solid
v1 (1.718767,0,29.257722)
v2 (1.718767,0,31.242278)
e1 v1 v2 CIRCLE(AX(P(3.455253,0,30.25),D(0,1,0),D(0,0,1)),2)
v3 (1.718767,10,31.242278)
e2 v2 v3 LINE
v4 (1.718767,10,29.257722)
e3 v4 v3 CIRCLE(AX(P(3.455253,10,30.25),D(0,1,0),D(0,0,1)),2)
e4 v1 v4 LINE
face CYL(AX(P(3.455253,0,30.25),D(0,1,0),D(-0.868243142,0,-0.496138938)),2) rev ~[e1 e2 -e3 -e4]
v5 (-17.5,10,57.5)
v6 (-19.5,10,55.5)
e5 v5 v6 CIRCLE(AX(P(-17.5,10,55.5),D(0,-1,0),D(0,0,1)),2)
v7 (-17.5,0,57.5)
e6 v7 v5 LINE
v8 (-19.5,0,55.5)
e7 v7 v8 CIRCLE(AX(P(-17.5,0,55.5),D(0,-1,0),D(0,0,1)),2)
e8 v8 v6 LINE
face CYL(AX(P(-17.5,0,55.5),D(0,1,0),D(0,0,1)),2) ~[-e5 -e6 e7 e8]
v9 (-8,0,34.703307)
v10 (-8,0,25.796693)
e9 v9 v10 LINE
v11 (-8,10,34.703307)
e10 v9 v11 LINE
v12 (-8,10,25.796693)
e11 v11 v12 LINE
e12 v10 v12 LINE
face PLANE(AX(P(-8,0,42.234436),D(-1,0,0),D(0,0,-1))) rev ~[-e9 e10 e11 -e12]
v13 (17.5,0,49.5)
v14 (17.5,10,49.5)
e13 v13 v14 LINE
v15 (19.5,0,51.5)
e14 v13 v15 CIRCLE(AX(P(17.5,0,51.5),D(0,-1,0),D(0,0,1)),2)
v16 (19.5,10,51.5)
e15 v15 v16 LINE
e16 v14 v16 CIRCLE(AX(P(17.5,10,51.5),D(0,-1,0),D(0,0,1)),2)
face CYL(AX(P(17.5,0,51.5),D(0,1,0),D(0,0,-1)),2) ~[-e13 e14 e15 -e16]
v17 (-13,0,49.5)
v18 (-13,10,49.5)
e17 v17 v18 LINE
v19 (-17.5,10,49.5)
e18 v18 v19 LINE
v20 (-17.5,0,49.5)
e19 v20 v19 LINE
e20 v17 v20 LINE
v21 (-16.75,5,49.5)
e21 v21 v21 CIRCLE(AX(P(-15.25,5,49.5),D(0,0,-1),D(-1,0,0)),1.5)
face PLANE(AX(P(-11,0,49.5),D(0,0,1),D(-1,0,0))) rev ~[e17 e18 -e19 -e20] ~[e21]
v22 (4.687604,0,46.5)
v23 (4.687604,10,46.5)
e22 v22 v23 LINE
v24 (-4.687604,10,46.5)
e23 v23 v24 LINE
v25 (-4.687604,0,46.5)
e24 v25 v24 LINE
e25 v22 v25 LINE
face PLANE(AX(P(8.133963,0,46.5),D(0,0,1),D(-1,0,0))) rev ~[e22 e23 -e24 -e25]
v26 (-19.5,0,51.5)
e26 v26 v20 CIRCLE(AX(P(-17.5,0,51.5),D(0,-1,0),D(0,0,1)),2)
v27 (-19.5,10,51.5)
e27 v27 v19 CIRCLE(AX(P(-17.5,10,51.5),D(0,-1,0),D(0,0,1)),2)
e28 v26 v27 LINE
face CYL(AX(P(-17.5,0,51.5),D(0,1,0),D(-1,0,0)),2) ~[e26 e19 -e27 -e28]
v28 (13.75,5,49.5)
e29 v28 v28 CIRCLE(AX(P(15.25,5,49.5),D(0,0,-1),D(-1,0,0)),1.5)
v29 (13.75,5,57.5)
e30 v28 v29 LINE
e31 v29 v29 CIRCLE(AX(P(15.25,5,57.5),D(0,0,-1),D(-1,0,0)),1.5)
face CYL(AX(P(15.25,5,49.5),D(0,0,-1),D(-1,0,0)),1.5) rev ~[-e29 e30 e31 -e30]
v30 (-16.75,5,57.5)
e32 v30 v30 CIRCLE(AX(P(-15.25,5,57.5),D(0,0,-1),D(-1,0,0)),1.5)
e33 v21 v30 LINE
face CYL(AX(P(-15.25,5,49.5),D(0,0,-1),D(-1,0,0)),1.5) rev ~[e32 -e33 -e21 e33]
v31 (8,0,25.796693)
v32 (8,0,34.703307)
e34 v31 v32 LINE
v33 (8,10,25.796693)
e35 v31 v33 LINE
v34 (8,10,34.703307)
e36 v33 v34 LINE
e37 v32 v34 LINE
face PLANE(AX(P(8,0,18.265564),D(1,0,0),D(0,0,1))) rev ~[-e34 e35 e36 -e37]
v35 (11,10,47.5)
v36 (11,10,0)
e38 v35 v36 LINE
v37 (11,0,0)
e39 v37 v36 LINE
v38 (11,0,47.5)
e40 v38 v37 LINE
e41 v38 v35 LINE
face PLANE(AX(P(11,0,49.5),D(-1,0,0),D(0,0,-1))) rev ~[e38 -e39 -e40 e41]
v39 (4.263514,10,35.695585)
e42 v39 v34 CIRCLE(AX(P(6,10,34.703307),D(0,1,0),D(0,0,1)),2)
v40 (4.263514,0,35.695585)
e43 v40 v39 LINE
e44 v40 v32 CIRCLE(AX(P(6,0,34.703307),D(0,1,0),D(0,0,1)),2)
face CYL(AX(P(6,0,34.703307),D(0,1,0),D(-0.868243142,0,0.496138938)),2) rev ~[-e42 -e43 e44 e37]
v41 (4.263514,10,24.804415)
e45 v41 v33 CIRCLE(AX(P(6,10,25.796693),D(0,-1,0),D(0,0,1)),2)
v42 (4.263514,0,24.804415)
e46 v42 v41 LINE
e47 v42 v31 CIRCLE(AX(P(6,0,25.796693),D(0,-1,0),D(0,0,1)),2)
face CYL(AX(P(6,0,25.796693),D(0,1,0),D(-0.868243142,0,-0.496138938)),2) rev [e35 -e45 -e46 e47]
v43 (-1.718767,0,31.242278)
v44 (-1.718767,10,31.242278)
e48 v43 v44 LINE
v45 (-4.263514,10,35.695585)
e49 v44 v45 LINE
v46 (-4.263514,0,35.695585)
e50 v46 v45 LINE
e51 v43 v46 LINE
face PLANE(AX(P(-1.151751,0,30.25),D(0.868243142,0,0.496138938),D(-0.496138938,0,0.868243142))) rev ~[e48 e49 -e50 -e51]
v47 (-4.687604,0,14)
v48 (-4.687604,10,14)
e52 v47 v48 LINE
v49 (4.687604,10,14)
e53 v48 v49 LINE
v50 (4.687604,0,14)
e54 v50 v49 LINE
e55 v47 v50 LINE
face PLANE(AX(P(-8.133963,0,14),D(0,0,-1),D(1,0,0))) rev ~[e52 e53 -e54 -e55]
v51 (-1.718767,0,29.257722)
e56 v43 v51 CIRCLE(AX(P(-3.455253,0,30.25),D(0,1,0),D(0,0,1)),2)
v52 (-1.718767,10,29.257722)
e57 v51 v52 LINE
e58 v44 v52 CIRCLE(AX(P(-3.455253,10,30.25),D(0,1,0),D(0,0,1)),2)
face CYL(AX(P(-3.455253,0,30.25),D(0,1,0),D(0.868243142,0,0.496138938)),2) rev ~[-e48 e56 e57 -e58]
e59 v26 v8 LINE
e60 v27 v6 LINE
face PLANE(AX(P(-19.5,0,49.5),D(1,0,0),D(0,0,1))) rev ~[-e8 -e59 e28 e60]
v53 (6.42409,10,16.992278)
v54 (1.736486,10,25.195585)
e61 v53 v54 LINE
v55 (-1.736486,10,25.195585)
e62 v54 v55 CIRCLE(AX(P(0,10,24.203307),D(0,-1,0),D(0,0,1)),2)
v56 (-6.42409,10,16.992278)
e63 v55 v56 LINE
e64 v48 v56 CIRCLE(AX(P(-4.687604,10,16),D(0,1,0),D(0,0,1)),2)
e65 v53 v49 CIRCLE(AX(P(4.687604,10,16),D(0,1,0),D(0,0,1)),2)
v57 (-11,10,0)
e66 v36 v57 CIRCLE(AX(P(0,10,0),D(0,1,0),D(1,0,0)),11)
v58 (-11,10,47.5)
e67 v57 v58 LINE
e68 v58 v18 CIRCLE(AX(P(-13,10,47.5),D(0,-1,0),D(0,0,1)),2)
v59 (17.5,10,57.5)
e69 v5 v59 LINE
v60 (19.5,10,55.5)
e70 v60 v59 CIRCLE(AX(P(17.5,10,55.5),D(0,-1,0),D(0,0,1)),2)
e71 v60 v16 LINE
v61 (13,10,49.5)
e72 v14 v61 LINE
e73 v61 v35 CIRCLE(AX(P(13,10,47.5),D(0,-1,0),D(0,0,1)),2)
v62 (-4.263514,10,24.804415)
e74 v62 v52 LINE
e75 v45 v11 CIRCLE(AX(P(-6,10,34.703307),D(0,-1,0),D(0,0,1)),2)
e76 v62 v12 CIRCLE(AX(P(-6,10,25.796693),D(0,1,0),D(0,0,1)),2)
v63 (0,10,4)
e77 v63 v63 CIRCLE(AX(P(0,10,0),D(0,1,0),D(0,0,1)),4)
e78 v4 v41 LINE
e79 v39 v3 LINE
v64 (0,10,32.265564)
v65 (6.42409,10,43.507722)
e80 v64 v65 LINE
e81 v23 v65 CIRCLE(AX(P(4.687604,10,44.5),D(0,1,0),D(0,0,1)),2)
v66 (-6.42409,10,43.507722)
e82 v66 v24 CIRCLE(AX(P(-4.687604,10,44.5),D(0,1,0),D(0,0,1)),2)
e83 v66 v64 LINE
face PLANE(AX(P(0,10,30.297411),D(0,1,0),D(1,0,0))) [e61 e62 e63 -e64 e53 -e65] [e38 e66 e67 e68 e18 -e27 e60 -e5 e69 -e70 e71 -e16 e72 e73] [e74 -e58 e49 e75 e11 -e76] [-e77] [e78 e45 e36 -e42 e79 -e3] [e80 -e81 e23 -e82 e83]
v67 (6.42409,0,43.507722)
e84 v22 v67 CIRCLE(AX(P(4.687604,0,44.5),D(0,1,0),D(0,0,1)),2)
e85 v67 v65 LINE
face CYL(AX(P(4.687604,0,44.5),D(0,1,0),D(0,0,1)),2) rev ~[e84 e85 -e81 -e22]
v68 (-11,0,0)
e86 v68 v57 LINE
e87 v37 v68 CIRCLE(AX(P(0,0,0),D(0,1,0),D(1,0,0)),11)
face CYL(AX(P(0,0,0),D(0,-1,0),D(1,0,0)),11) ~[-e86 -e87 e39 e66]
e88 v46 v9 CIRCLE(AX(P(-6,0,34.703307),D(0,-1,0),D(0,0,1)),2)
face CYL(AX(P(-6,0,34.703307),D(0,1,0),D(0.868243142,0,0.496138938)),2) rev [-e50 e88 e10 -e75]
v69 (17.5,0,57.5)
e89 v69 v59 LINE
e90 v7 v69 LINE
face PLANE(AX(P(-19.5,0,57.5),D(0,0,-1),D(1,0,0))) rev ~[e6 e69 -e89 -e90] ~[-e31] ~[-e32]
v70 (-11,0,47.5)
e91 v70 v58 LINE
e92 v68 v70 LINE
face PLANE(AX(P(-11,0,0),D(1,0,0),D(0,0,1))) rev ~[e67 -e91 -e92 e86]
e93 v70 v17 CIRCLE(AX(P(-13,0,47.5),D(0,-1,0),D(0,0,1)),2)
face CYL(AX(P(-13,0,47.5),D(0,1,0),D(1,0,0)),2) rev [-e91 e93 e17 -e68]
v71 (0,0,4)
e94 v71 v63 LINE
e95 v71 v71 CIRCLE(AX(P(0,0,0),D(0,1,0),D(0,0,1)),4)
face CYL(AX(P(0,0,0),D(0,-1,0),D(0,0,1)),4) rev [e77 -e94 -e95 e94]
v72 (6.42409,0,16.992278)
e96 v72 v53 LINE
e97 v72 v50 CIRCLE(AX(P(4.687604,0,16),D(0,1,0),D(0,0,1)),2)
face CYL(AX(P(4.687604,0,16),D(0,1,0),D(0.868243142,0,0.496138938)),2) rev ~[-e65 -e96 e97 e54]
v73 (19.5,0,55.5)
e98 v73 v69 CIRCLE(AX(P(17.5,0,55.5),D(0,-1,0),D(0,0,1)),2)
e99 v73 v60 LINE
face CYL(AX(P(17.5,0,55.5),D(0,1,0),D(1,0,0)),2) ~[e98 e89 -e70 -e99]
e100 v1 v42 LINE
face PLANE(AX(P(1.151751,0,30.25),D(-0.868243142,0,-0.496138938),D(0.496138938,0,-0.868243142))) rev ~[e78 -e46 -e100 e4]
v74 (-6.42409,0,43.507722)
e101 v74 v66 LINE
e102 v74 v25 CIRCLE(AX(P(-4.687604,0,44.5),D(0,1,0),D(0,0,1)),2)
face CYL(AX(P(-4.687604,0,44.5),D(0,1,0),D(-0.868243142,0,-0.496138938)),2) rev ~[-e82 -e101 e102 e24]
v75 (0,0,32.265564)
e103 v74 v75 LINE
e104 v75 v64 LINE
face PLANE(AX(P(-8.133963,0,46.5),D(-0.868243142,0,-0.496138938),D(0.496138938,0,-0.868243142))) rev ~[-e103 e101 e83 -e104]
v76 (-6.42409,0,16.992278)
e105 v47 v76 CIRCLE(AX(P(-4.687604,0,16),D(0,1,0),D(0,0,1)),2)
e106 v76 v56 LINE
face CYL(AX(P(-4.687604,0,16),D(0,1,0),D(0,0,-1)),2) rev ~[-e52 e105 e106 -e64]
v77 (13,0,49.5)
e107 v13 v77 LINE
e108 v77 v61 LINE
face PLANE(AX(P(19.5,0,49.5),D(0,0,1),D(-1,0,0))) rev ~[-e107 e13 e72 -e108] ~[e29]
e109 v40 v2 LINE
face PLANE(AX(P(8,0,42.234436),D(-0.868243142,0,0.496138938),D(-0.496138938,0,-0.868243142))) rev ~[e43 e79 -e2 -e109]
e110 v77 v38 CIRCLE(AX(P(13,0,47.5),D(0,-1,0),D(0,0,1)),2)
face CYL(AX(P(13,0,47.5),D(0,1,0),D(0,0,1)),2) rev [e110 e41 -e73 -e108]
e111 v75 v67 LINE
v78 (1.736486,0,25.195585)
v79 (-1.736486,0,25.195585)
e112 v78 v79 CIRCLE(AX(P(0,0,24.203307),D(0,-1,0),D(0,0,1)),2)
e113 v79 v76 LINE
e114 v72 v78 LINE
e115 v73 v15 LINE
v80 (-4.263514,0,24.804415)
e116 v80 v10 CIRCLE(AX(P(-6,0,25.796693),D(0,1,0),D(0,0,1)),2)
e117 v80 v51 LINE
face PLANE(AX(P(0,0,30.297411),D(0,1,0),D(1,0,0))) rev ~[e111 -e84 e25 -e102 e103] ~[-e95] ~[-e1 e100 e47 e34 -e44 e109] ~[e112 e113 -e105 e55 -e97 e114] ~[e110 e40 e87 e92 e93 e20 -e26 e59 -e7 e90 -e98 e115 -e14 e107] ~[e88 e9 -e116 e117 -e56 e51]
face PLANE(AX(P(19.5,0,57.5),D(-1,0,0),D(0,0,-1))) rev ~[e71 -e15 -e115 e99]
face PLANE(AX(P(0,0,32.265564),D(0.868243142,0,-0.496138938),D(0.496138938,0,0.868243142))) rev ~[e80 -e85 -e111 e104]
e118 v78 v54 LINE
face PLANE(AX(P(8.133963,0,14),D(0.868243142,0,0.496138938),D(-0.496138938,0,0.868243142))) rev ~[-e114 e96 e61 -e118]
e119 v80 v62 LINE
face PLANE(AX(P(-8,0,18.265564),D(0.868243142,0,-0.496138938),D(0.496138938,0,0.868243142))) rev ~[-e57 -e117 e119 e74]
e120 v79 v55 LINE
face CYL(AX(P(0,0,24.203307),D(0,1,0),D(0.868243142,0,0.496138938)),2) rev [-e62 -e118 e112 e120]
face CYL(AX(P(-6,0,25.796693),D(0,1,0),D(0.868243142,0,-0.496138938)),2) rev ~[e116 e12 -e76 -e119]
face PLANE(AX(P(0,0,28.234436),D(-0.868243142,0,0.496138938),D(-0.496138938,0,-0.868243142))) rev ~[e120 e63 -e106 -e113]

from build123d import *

# Parameters (mm, degrees)
SKETCH1_R           = 4
BOSS_EXTRUDE1_DEPTH = 10
FILLET1_R           = 2
SKETCH2_R           = 1.5
CUT_EXTRUDE1_DEPTH  = 65.346717088


with BuildPart() as part:
    # Sketch1 → Boss-Extrude1 (new body)
    with BuildSketch(Plane(origin=(0, 0, 0), x_dir=(1, 0, 0), z_dir=(0, 1, 0))):
        with BuildLine():
            Line((19.5, -49.5), (11, -49.5))
            Line((11, -49.5), (11, 0))
            ThreePointArc((11, 0), (0, 11), (-11, 0))
            Line((-11, 0), (-11, -49.5))
            Line((-11, -49.5), (-19.5, -49.5))
            Line((-19.5, -49.5), (-19.5, -57.5))
            Line((-19.5, -57.5), (19.5, -57.5))
            Line((19.5, -57.5), (19.5, -49.5))
        make_face()
        Polygon((0, -32.265564437), (8.133963179, -46.5), (-8.133963179, -46.5), align=None, mode=Mode.SUBTRACT)
        Polygon((-8, -42.234435563), (-8, -18.265564437), (-1.151751107, -30.25), align=None, mode=Mode.SUBTRACT)
        Polygon((8, -18.265564437), (8, -42.234435563), (1.151751107, -30.25), align=None, mode=Mode.SUBTRACT)
        Polygon((0, -28.234435563), (-8.133963179, -14), (8.133963179, -14), align=None, mode=Mode.SUBTRACT)
        with Locations(Location((0, 0, 0), (0, 0, 270))):
            Circle(SKETCH1_R, mode=Mode.SUBTRACT)
    extrude(amount=BOSS_EXTRUDE1_DEPTH)

    # Fillet1
    fillet1_edges = [part.edges().sort_by_distance(p)[0] for p in [
        (8.133963179, 5, 14),
        (-8.133963179, 5, 14),
        (0, 5, 28.234435563),
        (8, 5, 18.265564437),
        (1.151751107, 5, 30.25),
        (8, 5, 42.234435563),
        (-1.151751107, 5, 30.25),
        (-8, 5, 18.265564437),
        (-8, 5, 42.234435563),
        (8.133963179, 5, 46.5),
        (-8.133963179, 5, 46.5),
        (11, 5, 49.5),
        (19.5, 5, 49.5),
        (19.5, 5, 57.5),
        (-19.5, 5, 57.5),
        (-19.5, 5, 49.5),
        (-11, 5, 49.5),
    ]]
    fillet(fillet1_edges, radius=FILLET1_R)

    # Sketch2 → Cut-Extrude1 (cut, through all)
    with BuildSketch(Plane(origin=(0, 0, 49.5), x_dir=(-1, 0, 0), z_dir=(0, 0, -1))):
        with Locations((-15.25, 5)):
            Circle(SKETCH2_R)
        with Locations((15.25, 5)):
            Circle(SKETCH2_R)
    extrude(amount=-CUT_EXTRUDE1_DEPTH, mode=Mode.SUBTRACT)


solid = part.part
